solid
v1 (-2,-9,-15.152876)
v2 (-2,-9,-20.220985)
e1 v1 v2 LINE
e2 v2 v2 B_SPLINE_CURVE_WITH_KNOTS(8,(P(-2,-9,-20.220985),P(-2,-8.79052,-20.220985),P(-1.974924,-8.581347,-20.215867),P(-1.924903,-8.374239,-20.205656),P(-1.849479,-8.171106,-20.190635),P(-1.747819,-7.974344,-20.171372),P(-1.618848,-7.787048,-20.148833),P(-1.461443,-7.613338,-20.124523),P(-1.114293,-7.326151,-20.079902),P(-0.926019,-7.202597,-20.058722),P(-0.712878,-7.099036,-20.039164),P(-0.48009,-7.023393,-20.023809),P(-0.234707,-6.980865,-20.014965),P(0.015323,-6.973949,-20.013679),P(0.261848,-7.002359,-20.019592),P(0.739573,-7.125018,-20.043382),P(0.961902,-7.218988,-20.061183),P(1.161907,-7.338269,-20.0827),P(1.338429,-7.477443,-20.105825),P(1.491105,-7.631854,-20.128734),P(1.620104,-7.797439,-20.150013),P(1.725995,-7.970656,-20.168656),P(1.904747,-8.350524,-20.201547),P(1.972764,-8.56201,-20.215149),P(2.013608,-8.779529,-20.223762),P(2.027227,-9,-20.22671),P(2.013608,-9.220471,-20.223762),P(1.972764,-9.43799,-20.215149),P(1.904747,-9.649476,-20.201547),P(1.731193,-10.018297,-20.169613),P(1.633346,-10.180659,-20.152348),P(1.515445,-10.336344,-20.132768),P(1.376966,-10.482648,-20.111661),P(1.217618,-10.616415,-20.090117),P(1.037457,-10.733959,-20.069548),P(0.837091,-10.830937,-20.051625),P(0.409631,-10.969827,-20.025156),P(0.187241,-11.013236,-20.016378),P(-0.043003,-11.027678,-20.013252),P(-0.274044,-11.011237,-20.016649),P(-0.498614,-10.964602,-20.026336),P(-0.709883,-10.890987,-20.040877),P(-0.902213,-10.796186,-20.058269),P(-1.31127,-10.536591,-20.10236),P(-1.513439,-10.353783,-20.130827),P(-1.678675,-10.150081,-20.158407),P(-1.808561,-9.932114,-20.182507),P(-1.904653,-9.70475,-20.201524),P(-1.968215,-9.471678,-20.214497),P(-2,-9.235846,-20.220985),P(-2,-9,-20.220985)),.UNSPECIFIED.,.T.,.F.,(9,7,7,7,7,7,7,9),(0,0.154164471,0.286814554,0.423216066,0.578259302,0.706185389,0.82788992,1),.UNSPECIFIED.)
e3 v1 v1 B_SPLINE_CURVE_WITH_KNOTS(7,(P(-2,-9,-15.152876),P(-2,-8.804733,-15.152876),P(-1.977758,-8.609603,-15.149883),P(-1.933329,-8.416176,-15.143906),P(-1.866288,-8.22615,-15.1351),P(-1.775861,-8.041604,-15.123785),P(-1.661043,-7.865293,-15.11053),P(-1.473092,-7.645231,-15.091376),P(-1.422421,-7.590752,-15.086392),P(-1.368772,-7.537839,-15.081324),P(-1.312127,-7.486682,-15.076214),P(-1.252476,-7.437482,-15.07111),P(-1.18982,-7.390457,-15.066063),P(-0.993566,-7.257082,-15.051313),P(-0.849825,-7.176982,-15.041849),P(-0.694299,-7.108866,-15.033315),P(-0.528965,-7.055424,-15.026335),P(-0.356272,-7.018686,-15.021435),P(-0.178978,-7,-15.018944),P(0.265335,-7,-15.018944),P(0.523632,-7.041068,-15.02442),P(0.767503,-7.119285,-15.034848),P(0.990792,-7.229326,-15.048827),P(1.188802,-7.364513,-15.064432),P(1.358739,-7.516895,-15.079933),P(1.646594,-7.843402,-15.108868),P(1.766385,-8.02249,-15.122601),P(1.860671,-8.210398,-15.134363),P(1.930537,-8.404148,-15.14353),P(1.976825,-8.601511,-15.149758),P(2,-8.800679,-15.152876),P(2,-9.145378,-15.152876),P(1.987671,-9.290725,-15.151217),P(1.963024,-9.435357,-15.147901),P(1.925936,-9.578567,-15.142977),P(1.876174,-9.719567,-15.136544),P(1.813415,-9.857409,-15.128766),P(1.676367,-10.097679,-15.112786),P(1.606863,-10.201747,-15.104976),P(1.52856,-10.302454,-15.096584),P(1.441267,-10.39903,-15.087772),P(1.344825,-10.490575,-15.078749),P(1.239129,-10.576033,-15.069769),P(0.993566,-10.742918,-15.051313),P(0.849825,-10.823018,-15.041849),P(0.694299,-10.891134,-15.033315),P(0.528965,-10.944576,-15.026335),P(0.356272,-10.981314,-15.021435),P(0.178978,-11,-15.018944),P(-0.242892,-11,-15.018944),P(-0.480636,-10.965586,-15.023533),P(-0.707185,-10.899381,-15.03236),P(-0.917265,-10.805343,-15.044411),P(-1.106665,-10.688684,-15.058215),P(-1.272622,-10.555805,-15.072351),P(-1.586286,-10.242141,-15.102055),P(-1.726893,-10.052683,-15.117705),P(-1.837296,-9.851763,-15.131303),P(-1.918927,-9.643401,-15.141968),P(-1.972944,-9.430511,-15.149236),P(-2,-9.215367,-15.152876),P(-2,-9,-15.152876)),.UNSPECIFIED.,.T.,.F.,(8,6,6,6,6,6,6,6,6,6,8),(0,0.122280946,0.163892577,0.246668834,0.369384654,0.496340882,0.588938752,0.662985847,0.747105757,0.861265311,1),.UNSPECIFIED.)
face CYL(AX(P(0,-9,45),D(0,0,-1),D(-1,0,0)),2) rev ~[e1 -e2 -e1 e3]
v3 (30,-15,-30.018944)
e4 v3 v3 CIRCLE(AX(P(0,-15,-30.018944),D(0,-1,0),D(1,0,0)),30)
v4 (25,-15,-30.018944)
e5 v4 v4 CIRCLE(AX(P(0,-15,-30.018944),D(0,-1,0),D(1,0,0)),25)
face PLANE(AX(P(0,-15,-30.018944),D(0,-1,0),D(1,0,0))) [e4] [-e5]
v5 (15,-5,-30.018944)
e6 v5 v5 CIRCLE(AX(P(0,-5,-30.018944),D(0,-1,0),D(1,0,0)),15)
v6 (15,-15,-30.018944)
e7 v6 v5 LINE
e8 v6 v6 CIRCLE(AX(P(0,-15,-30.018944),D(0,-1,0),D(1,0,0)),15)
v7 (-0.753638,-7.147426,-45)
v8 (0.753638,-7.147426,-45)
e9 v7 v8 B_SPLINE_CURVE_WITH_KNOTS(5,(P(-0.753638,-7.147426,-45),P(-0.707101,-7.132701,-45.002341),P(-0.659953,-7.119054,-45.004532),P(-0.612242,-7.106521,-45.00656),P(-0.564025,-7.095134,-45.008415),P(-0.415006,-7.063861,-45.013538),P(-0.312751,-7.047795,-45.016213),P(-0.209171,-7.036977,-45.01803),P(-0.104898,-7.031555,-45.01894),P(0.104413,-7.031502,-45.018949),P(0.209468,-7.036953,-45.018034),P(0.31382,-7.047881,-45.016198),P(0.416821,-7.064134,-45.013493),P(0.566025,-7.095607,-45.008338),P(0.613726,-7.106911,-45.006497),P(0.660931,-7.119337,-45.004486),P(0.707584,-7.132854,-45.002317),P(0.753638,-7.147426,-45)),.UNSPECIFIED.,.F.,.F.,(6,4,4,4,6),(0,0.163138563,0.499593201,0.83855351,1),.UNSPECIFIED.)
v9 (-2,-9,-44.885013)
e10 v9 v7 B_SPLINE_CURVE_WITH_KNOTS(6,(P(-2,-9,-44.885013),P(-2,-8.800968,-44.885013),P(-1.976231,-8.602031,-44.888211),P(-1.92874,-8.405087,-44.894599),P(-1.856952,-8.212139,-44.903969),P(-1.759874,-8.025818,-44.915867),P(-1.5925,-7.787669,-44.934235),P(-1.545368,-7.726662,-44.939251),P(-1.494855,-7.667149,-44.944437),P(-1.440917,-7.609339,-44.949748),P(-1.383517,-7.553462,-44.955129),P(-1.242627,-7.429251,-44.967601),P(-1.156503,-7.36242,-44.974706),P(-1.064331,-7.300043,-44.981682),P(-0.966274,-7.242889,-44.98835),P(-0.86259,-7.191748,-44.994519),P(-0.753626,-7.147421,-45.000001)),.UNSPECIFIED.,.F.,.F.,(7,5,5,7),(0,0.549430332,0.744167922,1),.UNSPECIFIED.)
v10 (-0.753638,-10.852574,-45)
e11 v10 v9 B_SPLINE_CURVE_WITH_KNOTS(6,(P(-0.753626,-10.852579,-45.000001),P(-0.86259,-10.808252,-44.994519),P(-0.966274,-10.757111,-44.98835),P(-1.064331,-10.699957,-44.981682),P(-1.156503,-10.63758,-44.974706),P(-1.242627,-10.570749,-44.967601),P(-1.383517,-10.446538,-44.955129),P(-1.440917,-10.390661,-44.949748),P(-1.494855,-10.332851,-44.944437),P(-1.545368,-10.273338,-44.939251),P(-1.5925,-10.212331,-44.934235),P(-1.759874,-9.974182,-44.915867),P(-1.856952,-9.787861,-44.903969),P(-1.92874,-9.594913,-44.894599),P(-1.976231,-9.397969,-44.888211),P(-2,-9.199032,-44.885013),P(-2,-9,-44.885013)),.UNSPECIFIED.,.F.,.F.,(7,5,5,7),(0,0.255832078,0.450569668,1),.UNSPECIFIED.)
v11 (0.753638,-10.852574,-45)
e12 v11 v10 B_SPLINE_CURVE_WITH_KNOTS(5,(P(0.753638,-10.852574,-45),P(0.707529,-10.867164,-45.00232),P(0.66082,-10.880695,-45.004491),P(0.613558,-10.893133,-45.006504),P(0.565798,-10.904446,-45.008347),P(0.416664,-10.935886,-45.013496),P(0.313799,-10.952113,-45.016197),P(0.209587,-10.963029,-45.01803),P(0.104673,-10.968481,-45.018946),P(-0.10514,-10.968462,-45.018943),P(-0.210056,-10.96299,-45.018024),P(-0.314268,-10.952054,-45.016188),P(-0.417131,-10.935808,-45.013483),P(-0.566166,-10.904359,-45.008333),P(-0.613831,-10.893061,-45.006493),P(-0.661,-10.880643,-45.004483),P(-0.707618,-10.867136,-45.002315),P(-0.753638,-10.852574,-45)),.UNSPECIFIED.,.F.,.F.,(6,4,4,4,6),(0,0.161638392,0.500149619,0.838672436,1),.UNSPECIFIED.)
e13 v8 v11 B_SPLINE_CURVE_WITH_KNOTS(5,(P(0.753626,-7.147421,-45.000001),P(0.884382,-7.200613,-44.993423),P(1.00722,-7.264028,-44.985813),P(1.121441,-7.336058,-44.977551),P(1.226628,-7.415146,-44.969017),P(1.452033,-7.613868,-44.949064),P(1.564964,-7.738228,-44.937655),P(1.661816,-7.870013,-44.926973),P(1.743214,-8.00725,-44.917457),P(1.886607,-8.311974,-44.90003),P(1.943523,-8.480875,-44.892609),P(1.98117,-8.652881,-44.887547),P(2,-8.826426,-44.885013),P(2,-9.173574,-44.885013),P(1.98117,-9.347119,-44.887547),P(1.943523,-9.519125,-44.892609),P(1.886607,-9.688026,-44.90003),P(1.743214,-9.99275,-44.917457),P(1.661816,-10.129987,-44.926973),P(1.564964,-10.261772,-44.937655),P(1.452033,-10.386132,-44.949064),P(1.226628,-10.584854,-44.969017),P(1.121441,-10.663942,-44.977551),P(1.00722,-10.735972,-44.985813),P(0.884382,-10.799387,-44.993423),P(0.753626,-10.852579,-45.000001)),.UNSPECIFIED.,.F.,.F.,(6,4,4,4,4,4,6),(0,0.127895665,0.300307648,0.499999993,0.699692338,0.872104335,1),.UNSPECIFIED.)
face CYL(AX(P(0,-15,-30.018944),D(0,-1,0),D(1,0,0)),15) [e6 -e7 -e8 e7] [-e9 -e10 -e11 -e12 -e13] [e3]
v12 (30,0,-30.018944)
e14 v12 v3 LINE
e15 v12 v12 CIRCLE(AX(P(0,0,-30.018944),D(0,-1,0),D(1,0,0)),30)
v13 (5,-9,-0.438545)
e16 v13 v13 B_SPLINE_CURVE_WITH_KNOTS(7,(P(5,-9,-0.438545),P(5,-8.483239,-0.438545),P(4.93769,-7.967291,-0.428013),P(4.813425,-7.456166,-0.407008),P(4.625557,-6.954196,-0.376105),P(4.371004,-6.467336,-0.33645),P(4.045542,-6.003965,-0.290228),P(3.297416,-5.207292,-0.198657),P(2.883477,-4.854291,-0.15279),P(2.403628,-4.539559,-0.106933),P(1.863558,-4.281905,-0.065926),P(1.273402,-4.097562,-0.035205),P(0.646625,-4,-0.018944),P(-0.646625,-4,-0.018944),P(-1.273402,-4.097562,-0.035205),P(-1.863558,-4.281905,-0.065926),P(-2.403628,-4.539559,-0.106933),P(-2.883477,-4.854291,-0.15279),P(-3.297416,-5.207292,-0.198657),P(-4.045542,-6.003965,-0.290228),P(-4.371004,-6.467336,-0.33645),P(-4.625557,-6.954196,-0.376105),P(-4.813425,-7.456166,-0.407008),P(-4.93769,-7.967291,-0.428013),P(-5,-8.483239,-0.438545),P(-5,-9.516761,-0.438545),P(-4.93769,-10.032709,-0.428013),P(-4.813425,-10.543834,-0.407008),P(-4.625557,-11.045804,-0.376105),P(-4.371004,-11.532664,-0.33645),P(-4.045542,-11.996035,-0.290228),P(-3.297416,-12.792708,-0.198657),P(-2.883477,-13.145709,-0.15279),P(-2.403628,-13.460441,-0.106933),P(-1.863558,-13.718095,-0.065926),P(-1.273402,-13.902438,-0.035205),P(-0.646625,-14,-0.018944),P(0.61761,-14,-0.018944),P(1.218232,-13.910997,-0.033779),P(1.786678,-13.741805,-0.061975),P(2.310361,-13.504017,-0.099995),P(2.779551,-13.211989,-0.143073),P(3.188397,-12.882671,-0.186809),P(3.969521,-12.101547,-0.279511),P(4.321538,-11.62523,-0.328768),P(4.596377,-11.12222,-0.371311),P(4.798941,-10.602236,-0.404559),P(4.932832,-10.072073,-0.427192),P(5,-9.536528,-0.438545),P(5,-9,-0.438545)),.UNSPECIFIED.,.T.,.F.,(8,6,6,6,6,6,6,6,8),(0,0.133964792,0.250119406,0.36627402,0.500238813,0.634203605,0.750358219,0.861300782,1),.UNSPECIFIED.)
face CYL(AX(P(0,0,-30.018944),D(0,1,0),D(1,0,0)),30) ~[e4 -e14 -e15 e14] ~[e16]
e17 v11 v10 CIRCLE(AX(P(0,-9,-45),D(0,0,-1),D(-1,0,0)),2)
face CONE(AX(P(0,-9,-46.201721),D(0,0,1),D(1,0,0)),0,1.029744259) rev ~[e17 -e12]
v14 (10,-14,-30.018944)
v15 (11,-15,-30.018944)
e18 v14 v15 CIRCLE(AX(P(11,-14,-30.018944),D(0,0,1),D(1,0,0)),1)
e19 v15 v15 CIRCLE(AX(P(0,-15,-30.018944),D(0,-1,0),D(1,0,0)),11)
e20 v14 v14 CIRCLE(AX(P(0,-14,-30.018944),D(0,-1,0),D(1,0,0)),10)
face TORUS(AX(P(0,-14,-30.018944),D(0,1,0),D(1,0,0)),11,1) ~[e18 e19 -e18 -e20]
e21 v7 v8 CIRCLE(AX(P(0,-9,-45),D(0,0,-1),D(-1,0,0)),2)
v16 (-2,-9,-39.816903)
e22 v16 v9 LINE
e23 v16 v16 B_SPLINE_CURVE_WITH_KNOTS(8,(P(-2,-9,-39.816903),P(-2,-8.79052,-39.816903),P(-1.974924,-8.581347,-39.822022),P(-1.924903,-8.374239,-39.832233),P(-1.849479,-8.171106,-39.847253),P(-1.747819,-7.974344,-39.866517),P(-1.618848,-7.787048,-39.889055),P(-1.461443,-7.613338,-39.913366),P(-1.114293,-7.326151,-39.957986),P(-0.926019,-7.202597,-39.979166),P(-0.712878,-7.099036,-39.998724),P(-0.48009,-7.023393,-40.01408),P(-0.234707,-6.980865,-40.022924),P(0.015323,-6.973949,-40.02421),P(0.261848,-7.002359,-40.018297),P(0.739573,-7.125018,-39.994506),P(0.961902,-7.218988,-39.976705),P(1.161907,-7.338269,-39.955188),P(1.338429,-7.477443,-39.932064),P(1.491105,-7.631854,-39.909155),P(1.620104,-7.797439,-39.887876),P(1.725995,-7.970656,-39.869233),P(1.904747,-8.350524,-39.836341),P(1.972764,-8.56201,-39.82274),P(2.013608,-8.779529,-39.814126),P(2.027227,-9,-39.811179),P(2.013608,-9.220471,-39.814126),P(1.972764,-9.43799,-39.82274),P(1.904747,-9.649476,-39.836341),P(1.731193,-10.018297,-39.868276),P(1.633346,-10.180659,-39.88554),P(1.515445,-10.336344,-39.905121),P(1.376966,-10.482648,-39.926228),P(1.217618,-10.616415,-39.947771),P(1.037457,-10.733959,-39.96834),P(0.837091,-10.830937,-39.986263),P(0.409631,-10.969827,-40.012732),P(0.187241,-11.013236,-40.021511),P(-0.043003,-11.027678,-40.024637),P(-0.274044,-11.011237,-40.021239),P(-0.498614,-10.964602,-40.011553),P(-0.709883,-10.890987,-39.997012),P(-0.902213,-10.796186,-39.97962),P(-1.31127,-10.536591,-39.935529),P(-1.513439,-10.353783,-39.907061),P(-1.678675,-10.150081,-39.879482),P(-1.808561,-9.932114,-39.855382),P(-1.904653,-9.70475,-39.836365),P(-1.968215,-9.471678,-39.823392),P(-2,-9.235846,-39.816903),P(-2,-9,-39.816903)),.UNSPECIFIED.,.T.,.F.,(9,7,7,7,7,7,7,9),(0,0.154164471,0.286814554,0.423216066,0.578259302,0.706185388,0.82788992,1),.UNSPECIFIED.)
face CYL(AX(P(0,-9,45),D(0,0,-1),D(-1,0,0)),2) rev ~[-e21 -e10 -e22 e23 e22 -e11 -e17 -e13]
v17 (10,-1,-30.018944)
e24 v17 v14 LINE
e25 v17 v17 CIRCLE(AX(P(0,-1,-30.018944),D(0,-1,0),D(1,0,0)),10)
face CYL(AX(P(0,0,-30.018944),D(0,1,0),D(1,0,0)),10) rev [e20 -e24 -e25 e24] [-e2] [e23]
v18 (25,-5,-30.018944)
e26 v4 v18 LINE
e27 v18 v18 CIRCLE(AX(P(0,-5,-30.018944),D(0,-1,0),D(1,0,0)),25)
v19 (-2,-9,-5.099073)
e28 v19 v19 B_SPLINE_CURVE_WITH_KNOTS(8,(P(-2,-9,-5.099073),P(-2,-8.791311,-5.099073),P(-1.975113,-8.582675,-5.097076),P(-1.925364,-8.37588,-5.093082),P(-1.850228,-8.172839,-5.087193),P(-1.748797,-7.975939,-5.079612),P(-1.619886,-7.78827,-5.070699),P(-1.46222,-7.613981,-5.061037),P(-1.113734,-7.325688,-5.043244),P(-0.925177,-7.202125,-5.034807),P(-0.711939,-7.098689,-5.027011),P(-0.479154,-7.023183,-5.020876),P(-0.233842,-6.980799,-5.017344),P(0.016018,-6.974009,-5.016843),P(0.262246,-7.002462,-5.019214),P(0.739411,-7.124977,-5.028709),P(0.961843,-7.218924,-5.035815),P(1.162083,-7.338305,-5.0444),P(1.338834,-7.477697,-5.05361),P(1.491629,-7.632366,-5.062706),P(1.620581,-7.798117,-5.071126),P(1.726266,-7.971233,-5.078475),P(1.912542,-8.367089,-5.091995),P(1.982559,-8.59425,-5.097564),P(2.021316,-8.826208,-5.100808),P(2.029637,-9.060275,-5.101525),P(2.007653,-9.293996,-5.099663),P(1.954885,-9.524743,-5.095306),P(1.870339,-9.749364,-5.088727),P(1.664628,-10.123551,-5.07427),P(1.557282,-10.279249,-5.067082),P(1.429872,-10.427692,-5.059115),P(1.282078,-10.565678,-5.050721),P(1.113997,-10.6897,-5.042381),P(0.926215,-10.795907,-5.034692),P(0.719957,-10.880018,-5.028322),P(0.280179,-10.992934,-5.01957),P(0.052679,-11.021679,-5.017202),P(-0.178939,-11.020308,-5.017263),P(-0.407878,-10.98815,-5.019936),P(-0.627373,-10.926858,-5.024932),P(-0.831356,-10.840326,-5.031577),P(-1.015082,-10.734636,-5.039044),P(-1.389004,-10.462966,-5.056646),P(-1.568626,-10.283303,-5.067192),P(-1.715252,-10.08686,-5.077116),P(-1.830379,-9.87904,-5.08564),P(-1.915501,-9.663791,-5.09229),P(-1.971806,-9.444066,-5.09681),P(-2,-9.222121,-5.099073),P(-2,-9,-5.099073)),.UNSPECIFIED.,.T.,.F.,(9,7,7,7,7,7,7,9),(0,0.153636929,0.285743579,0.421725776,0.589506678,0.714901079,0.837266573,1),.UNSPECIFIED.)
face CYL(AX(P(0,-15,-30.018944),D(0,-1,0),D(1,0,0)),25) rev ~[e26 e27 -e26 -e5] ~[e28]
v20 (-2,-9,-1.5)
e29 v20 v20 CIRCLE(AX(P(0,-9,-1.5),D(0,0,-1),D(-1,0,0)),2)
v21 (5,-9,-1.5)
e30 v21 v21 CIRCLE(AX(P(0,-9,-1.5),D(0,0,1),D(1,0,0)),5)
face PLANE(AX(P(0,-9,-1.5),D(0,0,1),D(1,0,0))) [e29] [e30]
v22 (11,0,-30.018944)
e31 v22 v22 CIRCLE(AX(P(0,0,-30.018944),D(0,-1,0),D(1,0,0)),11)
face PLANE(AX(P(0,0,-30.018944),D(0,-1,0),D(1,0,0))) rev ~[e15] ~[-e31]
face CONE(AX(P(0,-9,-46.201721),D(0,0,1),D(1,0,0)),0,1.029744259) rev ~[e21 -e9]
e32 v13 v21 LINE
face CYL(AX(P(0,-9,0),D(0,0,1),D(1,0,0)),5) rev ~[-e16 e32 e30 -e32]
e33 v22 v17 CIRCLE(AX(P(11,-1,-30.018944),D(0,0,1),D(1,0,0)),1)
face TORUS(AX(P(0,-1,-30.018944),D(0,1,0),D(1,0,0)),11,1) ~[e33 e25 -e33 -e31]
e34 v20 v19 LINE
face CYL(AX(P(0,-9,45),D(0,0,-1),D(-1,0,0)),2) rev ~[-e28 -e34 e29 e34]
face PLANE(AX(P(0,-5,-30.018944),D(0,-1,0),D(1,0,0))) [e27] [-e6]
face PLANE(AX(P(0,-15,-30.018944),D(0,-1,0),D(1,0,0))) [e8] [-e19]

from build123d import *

# Parameters (mm, degrees)
F0_R     = 30
F0_R_2   = 10
F1_DEPTH = 15
F2_R     = 5
F3_DEPTH = 1.5
F4_R     = 25
F4_R_2   = 15
F5_DEPTH = 10
F7_D     = 4
F7_DEPTH = 45
F7_TIP   = 1.2017212381
F8_R     = 1


with BuildPart() as f1:
    # F0 (on Front) → F1 (new body)
    with BuildSketch(Plane.XZ):
        with Locations((0, -30.0189442933)):
            Circle(F0_R)
        with Locations((0, -30.0189442933)):
            Circle(F0_R_2, mode=Mode.SUBTRACT)
    extrude(amount=F1_DEPTH)

    # F2 (on Top) → F3 (cut)
    with BuildSketch(Plane.XY):
        with Locations((0, -9)):
            Circle(F2_R)
    extrude(amount=-F3_DEPTH, mode=Mode.SUBTRACT)

    # F4 (on face) → F5 (cut)
    with BuildSketch(Plane.XZ.offset(15)):
        with Locations((0, -30.0189442933)):
            Circle(F4_R)
        with Locations((0, -30.0189442933)):
            Circle(F4_R_2, mode=Mode.SUBTRACT)
    extrude(amount=-F5_DEPTH, mode=Mode.SUBTRACT)

    # F7
    with Locations(Plane.XY):
        with Locations((0, -9)):
            Hole(F7_D / 2, depth=F7_DEPTH)
            with Locations((0, 0, -(F7_DEPTH + F7_TIP / 2))):  # 118° drill point
                Cone(0, F7_D / 2, F7_TIP, mode=Mode.SUBTRACT)

    # F8
    f8_edges = [f1.edges().sort_by_distance(p)[0] for p in [
        (-10, 0, -30.018944),
        (-10, -15, -30.018944),
    ]]
    fillet(f8_edges, radius=F8_R)


solid = f1.part
